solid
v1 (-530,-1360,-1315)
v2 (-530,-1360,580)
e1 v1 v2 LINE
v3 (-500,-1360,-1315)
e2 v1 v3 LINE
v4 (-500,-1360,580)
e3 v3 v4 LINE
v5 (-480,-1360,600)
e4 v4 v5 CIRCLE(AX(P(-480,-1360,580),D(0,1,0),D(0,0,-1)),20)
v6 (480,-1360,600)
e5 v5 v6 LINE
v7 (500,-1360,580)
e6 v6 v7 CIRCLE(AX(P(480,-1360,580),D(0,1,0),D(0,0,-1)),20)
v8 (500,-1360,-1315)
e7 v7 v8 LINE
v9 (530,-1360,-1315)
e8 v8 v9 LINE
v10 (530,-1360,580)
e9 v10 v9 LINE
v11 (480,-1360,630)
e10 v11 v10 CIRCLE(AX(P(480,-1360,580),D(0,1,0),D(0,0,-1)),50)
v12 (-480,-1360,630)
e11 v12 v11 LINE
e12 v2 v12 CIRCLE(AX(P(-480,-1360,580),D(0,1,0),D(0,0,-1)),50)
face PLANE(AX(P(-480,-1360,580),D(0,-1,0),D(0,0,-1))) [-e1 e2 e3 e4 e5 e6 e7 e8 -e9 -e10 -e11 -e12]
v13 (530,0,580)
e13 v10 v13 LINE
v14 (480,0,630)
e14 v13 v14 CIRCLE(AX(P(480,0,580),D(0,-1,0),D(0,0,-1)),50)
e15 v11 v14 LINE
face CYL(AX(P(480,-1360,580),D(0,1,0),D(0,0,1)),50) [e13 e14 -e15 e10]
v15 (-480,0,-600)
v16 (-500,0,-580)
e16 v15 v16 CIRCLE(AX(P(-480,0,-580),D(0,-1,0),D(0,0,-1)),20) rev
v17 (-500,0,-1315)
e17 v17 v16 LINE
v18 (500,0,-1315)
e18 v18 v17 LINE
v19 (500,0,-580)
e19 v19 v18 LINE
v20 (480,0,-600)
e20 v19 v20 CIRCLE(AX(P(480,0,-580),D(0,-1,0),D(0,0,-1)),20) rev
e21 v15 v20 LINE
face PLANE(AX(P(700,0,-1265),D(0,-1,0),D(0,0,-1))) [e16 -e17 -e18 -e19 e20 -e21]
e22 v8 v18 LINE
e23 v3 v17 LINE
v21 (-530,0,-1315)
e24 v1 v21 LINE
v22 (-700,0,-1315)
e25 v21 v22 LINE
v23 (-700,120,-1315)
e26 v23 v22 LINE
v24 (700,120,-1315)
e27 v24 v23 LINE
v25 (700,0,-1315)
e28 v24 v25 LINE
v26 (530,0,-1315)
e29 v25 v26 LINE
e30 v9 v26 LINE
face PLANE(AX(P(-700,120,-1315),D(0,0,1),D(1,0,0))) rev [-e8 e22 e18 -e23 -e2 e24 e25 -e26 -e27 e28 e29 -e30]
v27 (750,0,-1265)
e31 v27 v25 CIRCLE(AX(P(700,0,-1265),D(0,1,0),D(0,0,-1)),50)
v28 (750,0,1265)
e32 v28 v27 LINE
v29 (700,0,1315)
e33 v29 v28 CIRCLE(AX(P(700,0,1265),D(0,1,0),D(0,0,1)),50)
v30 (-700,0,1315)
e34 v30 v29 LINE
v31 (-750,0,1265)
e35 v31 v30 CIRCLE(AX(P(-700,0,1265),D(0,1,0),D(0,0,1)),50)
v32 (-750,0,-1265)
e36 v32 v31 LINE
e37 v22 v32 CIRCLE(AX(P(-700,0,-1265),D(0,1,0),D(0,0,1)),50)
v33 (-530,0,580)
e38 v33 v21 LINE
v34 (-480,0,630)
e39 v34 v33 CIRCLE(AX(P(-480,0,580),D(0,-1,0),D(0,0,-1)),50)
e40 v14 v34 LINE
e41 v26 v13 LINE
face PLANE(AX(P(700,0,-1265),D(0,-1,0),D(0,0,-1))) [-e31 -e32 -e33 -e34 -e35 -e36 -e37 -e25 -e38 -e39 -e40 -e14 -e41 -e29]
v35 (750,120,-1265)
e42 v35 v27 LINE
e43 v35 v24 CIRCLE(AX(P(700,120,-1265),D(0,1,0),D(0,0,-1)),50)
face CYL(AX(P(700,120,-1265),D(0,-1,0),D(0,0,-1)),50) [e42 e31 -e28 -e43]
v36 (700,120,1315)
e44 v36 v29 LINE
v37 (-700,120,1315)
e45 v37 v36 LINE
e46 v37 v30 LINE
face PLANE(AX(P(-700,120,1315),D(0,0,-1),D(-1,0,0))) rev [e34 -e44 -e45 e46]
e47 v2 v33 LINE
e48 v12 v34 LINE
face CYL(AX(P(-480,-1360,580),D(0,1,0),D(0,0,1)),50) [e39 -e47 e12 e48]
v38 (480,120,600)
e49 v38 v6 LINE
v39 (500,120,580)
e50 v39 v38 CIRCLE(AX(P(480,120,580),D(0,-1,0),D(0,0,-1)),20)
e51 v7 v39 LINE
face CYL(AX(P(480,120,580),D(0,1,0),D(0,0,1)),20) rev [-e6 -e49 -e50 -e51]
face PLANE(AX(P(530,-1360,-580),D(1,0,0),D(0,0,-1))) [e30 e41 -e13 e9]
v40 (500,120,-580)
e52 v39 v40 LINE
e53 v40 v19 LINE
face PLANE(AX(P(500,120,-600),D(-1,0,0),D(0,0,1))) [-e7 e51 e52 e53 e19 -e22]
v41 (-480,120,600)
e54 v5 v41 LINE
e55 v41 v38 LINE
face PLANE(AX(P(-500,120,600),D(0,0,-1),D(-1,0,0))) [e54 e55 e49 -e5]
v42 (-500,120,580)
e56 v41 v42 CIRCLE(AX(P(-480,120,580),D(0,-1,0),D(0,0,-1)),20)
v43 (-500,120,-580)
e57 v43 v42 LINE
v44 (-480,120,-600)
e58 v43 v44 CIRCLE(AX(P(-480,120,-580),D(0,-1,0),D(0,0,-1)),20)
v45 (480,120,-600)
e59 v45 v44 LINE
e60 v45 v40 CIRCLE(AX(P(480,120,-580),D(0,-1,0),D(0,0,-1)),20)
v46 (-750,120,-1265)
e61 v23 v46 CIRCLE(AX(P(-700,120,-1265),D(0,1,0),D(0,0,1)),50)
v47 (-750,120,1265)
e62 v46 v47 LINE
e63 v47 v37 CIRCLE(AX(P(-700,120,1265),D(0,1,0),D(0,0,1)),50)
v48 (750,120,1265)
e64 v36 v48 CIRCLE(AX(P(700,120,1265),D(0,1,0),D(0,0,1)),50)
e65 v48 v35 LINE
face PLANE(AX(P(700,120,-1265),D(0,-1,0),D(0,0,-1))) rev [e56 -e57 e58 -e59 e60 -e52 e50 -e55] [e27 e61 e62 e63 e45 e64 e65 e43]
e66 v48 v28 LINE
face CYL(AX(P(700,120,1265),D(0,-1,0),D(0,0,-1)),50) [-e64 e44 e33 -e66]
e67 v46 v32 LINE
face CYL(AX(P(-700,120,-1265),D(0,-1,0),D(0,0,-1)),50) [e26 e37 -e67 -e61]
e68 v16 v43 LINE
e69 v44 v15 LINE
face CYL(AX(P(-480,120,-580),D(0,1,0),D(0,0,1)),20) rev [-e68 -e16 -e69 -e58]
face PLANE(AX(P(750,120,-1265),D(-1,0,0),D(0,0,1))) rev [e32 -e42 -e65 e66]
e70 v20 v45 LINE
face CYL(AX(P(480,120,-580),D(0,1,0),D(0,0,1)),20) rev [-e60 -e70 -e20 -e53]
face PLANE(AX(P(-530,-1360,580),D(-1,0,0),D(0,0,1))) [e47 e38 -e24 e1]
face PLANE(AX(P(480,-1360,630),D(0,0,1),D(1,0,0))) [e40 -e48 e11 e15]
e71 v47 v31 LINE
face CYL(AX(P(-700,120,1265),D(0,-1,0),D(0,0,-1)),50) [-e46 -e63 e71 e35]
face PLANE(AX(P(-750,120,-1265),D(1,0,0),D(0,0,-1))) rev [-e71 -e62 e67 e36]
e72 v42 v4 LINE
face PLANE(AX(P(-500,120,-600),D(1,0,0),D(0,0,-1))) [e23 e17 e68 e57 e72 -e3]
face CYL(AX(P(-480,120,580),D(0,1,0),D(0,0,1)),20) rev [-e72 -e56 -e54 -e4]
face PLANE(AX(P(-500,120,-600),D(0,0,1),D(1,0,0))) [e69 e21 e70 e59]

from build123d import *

# Parameters (mm, degrees)
CROQUIS1_W              = 1000
CROQUIS1_H              = 1200
SALIENTE_EXTRUIR1_DEPTH = 120
REDONDEO1_R             = 20
SALIENTE_EXTRUIR2_DEPTH = 1480
CROQUIS3_W              = 30
CROQUIS3_H              = 735
SALIENTE_EXTRUIR3_DEPTH = 1360
CORTAR_EXTRUIR1_DEPTH   = 1360


with BuildPart() as part:
    # Croquis1 → Saliente-Extruir1 (new body)
    with BuildSketch(Plane(origin=(0, 0, 0), x_dir=(1, 0, 0), z_dir=(0, 1, 0))):
        with BuildLine():
            Line((-700, 1315), (700, 1315))
            ThreePointArc((700, 1315), (735.355339059, 1300.355339059), (750, 1265))
            Line((750, 1265), (750, -1265))
            ThreePointArc((750, -1265), (735.355339059, -1300.355339059), (700, -1315))
            Line((700, -1315), (-700, -1315))
            ThreePointArc((-700, -1315), (-735.355339059, -1300.355339059), (-750, -1265))
            Line((-750, -1265), (-750, 1265))
            ThreePointArc((-750, 1265), (-735.355339059, 1300.355339059), (-700, 1315))
        make_face()
        Rectangle(CROQUIS1_W, CROQUIS1_H, mode=Mode.SUBTRACT)
    extrude(amount=SALIENTE_EXTRUIR1_DEPTH)

    # Redondeo1
    redondeo1_edges = [part.edges().sort_by_distance(p)[0] for p in [
        (500, 60, 600),
        (500, 60, -600),
        (-500, 60, -600),
        (-500, 60, 600),
    ]]
    fillet(redondeo1_edges, radius=REDONDEO1_R)

    # Croquis2 → Saliente-Extruir2 (add)
    with BuildSketch(Plane(origin=(0, 120, 0), x_dir=(1, 0, 0), z_dir=(0, 1, 0))):
        with BuildLine():
            Line((-530, -580), (-530, 580))
            ThreePointArc((-530, 580), (-515.355339059, 615.355339059), (-480, 630))
            Line((-480, 630), (480, 630))
            ThreePointArc((480, 630), (515.355339059, 615.355339059), (530, 580))
            Line((530, 580), (530, -580))
            ThreePointArc((530, -580), (515.355339059, -615.355339059), (480, -630))
            Line((480, -630), (-480, -630))
            ThreePointArc((-480, -630), (-515.355339059, -615.355339059), (-530, -580))
        make_face()
        with BuildLine():
            Line((-500, -580), (-500, 580))
            ThreePointArc((-500, 580), (-494.142135624, 594.142135624), (-480, 600))
            Line((-480, 600), (480, 600))
            ThreePointArc((480, 600), (494.142135624, 594.142135624), (500, 580))
            Line((500, 580), (500, -580))
            ThreePointArc((500, -580), (494.142135624, -594.142135624), (480, -600))
            Line((480, -600), (-480, -600))
            ThreePointArc((-480, -600), (-494.142135624, -594.142135624), (-500, -580))
        make_face(mode=Mode.SUBTRACT)
    extrude(amount=-SALIENTE_EXTRUIR2_DEPTH)

    # Croquis3 → Saliente-Extruir3 (add)
    with BuildSketch(Plane.XZ):
        with Locations((515, -947.5)):
            Rectangle(CROQUIS3_W, CROQUIS3_H)
        with Locations((-515, -947.5)):
            Rectangle(CROQUIS3_W, CROQUIS3_H)
    extrude(amount=SALIENTE_EXTRUIR3_DEPTH)

    # Croquis4 → Cortar-Extruir1 (cut)
    with BuildSketch(Plane.XZ.offset(1360)):
        Polygon((500, -580), (500, -639.785784225), (-500, -639.785784225), (-500, -563.731822734), (500, -563.731822734), align=None)
    extrude(amount=-CORTAR_EXTRUIR1_DEPTH, mode=Mode.SUBTRACT)


solid = part.part
